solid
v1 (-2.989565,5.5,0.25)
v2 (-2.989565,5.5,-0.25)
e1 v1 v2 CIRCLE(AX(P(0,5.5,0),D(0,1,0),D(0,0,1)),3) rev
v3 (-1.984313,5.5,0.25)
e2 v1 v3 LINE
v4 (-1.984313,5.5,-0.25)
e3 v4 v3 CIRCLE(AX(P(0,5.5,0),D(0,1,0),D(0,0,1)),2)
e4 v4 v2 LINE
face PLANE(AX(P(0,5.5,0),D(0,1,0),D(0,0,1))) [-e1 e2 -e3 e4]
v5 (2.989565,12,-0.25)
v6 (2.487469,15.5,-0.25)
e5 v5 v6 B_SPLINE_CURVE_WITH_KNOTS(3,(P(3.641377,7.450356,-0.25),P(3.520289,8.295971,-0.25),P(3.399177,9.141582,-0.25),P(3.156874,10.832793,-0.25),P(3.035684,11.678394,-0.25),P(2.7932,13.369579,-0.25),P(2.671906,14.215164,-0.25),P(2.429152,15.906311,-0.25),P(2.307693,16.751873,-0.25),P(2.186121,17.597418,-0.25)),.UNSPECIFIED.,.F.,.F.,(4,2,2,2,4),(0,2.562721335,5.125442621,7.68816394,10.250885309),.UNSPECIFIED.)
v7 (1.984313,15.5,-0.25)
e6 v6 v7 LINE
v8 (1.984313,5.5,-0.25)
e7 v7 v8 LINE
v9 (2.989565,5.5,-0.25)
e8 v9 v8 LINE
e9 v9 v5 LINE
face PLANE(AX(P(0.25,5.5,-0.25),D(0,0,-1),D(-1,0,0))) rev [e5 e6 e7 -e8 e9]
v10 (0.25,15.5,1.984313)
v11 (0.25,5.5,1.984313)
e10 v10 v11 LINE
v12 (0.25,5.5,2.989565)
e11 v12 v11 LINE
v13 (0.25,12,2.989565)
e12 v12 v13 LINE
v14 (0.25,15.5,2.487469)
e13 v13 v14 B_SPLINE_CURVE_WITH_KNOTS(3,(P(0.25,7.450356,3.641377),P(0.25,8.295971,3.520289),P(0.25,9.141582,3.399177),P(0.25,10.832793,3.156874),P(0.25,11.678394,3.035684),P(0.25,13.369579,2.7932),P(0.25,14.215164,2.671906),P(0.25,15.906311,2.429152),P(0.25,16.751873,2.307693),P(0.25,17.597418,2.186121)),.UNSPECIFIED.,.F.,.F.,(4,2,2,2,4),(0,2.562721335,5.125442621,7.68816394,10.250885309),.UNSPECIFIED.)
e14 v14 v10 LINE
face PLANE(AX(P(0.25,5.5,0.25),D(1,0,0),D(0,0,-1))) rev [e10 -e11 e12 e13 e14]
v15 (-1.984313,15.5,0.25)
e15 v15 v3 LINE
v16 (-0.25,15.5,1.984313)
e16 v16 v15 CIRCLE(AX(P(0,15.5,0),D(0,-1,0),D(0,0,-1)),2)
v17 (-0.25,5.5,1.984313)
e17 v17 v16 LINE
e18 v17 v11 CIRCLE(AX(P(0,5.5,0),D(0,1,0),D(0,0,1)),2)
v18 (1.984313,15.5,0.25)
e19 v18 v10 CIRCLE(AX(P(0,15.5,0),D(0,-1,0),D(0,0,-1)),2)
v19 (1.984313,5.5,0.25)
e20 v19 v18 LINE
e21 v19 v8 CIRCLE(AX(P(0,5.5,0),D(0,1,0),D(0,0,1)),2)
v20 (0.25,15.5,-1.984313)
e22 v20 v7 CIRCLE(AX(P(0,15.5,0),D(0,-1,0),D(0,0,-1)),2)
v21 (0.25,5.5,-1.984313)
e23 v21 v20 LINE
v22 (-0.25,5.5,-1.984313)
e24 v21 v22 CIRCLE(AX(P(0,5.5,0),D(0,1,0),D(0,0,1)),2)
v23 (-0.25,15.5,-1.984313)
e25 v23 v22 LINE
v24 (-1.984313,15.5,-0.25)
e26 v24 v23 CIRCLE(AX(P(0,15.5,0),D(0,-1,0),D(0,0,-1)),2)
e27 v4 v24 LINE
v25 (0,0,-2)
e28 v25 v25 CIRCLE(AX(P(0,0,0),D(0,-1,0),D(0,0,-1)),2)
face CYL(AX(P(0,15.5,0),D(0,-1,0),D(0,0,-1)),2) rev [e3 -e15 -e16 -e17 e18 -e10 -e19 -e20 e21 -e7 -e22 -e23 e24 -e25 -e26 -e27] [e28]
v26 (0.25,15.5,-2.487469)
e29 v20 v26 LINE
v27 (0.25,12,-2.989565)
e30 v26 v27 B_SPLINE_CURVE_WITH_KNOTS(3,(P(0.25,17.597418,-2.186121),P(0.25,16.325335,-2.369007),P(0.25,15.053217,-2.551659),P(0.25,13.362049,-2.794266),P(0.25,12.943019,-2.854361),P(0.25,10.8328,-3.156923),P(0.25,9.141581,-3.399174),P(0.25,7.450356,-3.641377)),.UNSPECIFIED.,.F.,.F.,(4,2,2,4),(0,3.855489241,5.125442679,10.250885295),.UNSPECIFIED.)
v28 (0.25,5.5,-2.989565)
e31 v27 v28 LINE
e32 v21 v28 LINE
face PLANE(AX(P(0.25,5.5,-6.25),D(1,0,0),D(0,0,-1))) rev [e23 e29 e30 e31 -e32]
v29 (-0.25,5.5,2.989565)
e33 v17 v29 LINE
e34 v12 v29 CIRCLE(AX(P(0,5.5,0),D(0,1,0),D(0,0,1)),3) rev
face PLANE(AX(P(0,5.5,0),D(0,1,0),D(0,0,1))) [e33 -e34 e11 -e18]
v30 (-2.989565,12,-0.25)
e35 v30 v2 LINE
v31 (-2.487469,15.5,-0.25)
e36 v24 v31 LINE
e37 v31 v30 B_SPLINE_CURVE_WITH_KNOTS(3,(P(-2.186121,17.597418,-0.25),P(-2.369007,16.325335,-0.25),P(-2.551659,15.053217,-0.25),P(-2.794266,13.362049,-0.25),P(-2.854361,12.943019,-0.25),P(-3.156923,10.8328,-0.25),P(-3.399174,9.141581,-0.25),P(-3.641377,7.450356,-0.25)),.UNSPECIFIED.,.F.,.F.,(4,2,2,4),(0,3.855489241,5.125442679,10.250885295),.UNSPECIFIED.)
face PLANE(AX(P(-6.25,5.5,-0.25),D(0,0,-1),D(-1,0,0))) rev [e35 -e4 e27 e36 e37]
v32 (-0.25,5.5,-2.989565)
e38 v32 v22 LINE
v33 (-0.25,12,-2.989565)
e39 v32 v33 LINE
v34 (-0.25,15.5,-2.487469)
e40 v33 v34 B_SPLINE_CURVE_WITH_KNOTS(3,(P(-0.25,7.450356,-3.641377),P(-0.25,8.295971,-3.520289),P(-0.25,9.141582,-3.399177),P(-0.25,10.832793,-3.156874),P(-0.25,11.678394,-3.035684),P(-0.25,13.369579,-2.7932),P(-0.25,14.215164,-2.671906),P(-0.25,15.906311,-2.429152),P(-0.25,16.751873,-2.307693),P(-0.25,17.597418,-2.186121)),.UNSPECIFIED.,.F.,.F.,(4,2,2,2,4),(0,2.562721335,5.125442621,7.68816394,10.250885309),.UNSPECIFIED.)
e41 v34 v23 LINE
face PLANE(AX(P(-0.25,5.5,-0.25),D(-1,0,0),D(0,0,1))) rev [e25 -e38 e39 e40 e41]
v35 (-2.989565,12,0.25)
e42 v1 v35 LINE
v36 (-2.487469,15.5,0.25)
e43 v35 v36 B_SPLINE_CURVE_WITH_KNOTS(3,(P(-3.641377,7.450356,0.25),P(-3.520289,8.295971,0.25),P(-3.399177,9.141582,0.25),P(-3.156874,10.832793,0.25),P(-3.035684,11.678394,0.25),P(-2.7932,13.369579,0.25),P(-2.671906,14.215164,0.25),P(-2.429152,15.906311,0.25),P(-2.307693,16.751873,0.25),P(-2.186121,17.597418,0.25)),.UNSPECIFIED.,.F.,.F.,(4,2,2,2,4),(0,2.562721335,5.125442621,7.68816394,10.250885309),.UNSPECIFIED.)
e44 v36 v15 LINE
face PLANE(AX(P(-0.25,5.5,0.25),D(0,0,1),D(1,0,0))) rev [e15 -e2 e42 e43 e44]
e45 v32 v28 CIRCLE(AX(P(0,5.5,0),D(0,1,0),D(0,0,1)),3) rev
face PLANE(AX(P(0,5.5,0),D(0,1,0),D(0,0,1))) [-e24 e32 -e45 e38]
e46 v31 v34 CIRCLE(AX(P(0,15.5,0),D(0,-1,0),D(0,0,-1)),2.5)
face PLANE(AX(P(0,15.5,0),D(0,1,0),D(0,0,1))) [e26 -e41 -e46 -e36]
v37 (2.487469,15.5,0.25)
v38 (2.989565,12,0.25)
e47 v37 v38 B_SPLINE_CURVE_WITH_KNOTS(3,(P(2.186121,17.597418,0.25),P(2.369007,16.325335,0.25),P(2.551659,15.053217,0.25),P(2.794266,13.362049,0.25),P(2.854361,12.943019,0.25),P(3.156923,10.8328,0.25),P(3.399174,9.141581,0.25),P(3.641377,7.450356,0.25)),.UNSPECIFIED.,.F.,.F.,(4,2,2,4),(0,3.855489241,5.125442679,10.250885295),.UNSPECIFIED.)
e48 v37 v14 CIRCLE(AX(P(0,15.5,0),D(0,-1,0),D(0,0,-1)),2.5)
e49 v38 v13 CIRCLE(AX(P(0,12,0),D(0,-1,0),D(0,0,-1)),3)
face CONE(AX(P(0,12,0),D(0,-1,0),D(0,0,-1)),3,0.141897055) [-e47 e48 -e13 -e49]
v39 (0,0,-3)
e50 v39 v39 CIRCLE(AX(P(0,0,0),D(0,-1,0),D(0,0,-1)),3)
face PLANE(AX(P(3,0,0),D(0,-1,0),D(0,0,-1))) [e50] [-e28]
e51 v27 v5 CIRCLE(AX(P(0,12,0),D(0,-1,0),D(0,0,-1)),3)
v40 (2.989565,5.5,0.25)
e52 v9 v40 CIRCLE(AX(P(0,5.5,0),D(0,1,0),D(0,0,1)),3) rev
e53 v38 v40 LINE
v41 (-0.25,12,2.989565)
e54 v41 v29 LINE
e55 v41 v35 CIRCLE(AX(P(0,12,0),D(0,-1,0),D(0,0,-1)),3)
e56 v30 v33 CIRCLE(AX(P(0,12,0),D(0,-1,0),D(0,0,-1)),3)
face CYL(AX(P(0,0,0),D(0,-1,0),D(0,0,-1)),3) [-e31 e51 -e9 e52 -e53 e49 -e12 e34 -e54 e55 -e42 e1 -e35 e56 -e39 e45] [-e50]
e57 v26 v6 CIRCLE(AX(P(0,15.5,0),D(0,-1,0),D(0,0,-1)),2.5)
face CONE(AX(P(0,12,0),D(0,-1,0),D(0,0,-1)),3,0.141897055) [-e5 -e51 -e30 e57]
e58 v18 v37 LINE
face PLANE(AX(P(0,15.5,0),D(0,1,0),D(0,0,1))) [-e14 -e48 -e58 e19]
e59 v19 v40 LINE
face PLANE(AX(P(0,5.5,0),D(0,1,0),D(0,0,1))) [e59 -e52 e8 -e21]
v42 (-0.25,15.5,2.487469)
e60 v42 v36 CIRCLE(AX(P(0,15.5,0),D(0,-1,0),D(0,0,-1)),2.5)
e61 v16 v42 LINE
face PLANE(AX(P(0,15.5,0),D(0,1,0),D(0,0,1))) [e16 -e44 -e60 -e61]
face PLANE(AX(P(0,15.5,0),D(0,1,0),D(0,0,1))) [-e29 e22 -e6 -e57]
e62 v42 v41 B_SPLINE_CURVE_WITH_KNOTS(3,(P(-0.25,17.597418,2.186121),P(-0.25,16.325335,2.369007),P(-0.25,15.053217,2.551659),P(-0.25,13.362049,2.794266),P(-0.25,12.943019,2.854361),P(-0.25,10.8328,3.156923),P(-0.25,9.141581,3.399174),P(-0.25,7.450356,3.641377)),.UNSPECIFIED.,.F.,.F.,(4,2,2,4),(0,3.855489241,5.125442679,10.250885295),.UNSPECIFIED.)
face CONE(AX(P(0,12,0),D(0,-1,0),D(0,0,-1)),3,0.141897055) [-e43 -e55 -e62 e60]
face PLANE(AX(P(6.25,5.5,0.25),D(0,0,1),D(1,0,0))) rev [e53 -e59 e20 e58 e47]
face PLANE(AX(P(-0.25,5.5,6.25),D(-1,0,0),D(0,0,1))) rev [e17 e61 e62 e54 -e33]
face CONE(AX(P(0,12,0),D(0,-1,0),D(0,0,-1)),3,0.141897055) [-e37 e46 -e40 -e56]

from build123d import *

# Parameters (mm, degrees)
CUT_EXTRUDE_1_DEPTH = 10
SKETCH_3_R          = 2
CUT_EXTRUDE_2_DEPTH = 16.5


with BuildPart() as part:
    # Эскиз1 → Повернуть1 (revolve)
    with BuildSketch(Plane.XY):
        Polygon((0, 15.5), (2.5, 15.5), (3, 12), (3, 0), (0, 0), align=None)
    revolve(axis=Axis((0, 0, 0), (0, 1, 0)))

    # Эскиз2 → Вырез-Вытянуть1 (cut)
    with BuildSketch(Plane(origin=(0, 15.5, 0), x_dir=(1, 0, 0), z_dir=(0, 1, 0))):
        Polygon((-0.25, 6.25), (0.25, 6.25), (0.25, 0.25), (6.25, 0.25), (6.25, -0.25), (0.25, -0.25), (0.25, -6.25), (-0.25, -6.25), (-0.25, -0.25), (-6.25, -0.25), (-6.25, 0.25), (-0.25, 0.25), align=None)
    extrude(amount=-CUT_EXTRUDE_1_DEPTH, mode=Mode.SUBTRACT)

    # Эскиз3 → Вырез-Вытянуть2 (cut, through all)
    with BuildSketch(Plane.XZ):
        Circle(SKETCH_3_R)
    extrude(amount=-CUT_EXTRUDE_2_DEPTH, mode=Mode.SUBTRACT)


solid = part.part
